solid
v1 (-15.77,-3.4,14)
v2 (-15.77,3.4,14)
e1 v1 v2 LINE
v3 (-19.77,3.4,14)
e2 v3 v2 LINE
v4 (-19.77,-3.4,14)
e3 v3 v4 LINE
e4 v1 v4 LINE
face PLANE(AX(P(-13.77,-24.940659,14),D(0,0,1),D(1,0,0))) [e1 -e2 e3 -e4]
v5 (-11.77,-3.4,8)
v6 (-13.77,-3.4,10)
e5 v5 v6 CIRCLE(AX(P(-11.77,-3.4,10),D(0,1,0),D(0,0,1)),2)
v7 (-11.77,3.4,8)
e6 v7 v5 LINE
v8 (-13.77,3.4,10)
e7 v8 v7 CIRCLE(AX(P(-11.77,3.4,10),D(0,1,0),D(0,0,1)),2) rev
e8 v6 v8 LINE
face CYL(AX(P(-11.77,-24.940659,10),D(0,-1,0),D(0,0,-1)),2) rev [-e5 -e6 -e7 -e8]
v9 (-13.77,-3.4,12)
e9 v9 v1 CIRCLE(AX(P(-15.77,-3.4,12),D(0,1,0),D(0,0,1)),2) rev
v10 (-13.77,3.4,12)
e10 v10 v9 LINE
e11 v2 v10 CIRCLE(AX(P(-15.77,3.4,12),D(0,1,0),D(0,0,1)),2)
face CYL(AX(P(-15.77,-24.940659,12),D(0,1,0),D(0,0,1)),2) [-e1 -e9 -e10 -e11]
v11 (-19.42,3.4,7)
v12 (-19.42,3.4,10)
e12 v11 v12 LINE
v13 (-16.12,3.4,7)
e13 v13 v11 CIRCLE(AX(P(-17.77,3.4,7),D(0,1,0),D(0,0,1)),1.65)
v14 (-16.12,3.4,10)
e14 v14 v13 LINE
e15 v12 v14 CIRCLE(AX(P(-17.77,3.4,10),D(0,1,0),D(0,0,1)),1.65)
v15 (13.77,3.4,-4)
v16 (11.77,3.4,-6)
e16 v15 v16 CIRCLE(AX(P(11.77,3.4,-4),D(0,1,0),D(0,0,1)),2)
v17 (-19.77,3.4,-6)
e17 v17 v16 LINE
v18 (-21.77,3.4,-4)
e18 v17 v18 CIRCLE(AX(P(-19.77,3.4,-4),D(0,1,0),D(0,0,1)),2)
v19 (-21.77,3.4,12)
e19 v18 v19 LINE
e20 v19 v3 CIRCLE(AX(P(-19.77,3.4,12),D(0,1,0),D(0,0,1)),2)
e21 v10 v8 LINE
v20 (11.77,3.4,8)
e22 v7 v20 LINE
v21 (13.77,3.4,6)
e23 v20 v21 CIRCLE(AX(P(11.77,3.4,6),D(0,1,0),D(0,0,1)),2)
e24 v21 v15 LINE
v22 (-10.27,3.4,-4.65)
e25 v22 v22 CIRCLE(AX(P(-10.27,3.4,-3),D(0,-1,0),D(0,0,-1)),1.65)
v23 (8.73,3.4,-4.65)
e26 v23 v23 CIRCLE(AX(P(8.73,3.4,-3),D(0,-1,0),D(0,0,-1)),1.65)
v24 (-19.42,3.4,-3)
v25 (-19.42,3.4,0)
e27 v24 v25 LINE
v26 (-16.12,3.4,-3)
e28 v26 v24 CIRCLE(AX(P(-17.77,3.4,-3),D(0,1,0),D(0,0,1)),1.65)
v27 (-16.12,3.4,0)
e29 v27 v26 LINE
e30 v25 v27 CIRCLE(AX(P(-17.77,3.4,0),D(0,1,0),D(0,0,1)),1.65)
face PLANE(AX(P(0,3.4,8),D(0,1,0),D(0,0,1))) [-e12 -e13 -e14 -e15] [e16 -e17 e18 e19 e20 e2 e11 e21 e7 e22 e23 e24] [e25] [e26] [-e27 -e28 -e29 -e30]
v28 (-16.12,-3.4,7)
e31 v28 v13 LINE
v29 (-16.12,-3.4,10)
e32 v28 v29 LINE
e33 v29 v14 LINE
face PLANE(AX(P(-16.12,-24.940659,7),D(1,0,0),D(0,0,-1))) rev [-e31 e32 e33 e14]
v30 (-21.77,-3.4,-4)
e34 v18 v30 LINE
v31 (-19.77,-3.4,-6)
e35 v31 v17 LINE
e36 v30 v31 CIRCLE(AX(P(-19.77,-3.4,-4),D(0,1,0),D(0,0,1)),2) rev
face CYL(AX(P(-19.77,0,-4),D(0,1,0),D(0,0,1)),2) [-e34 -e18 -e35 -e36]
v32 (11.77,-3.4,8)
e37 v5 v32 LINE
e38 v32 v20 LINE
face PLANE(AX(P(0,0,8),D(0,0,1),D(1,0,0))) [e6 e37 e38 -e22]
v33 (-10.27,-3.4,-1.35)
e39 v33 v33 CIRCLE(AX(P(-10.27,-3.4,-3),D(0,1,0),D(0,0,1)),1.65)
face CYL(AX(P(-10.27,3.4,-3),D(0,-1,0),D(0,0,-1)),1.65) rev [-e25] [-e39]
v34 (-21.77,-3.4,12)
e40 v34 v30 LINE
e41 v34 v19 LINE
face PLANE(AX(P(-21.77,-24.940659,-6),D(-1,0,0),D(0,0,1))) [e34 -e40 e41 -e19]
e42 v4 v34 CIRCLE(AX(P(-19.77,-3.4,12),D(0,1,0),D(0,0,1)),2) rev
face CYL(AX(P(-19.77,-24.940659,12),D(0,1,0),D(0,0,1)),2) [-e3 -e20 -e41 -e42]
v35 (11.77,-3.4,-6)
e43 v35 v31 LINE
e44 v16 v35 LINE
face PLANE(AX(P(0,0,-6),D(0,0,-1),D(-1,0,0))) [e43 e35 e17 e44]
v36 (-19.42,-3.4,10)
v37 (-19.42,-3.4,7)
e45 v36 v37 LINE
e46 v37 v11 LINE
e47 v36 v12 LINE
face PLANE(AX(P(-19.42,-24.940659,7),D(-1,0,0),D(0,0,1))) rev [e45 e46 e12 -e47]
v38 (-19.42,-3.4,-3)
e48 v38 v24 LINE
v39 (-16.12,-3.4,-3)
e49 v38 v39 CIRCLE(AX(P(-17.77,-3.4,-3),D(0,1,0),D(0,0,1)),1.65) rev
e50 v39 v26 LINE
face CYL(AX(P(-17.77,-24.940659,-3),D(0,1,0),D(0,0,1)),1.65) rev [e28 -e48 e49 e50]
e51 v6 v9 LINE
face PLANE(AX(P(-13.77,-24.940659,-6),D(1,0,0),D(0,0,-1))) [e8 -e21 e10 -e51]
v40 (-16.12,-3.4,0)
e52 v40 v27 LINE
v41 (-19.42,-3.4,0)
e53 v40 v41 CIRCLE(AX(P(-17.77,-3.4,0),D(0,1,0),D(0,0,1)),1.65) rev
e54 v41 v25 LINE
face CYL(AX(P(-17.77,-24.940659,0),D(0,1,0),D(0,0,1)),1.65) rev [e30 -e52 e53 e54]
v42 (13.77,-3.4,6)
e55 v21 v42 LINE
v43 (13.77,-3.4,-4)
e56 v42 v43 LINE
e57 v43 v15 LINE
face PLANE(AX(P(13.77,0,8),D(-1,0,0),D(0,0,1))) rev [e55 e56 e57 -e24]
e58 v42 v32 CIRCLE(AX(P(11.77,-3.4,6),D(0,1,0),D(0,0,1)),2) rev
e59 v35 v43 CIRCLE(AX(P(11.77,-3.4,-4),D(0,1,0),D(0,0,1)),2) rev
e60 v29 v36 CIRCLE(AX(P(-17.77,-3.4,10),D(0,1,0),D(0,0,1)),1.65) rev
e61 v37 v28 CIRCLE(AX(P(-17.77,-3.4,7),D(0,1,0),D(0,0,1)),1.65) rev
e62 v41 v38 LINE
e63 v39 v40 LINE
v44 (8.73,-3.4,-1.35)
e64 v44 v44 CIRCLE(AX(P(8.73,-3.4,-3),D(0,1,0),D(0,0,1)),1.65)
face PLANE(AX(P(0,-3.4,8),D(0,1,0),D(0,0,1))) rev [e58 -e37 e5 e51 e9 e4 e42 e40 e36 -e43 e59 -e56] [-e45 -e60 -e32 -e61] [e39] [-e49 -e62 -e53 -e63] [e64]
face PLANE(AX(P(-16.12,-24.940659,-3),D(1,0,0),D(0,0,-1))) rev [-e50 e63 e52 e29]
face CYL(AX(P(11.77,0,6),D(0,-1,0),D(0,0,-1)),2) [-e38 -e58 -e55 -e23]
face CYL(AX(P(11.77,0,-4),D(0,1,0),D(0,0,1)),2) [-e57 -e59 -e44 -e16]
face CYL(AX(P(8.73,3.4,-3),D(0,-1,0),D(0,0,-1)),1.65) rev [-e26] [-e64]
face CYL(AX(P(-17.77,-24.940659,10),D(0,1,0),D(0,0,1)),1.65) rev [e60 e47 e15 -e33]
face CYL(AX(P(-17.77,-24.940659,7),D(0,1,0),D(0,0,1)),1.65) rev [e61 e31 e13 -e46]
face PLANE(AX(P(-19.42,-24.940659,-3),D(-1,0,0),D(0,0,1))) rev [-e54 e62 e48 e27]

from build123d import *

# Parameters (mm, degrees)
SKETCH1_W               = 27.54
SKETCH1_H               = 6.8
BOSS_EXTRUDE1_DEPTH     = 8
SKETCH4_W               = 27.54
SKETCH4_H               = 6.8
BOSS_EXTRUDE2_DEPTH     = 6
CUT_EXTRUDE2_DEPTH      = 18.316261144
CUT_EXTRUDE2_DEPTH_BACK = 18.316261144
SKETCH3_R               = 1.65
SKETCH7_W               = 8
SKETCH7_H               = 20
BOSS_EXTRUDE3_DEPTH     = 6.8
FILLET1_R               = 2


with BuildPart() as part:
    # Sketch1 → Boss-Extrude1 (new body)
    with BuildSketch(Plane.XY):
        Rectangle(SKETCH1_W, SKETCH1_H)
    extrude(amount=BOSS_EXTRUDE1_DEPTH)

    # Sketch4 → Boss-Extrude2 (add)
    with BuildSketch(Plane(origin=(0, 0, 0), x_dir=(-1, 0, 0), z_dir=(0, 0, -1))):
        Rectangle(SKETCH4_W, SKETCH4_H)
    extrude(amount=BOSS_EXTRUDE2_DEPTH)

    # Sketch3 → Cut-Extrude2 (cut, two sides: drawn at the far end of the back side and taken through both)
    with BuildSketch(Plane.XZ.offset(3.4).offset(-CUT_EXTRUDE2_DEPTH_BACK)):
        with Locations(Location((8.73, -3, 0), (0, 0, 270))):
            Circle(SKETCH3_R)
        with Locations(Location((-10.27, -3, 0), (0, 0, 270))):
            Circle(SKETCH3_R)
    extrude(amount=CUT_EXTRUDE2_DEPTH + CUT_EXTRUDE2_DEPTH_BACK, mode=Mode.SUBTRACT)

    # Sketch7 → Boss-Extrude3 (add)
    with BuildSketch(Plane(origin=(0, 3.4, 0), x_dir=(1, 0, 0), z_dir=(0, 1, 0))):
        with Locations((-17.77, -4)):
            Rectangle(SKETCH7_W, SKETCH7_H)
        with BuildLine():
            Line((-16.12, 3), (-16.12, 0))
            ThreePointArc((-16.12, 0), (-17.77, -1.65), (-19.42, 0))
            Line((-19.42, 0), (-19.42, 3))
            ThreePointArc((-19.42, 3), (-17.77, 4.65), (-16.12, 3))
        make_face(mode=Mode.SUBTRACT)
        with BuildLine():
            Line((-16.12, -7), (-16.12, -10))
            ThreePointArc((-16.12, -10), (-17.77, -11.65), (-19.42, -10))
            Line((-19.42, -10), (-19.42, -7))
            ThreePointArc((-19.42, -7), (-17.77, -5.35), (-16.12, -7))
        make_face(mode=Mode.SUBTRACT)
    extrude(amount=-BOSS_EXTRUDE3_DEPTH)

    # Fillet1
    fillet1_edges = [part.edges().sort_by_distance(p)[0] for p in [
        (13.77, 0, -6),
        (-13.77, 0, 8),
        (-21.77, 0, -6),
        (-21.77, 0, 14),
        (-13.77, 0, 14),
        (13.77, 0, 8),
    ]]
    fillet(fillet1_edges, radius=FILLET1_R)


solid = part.part
